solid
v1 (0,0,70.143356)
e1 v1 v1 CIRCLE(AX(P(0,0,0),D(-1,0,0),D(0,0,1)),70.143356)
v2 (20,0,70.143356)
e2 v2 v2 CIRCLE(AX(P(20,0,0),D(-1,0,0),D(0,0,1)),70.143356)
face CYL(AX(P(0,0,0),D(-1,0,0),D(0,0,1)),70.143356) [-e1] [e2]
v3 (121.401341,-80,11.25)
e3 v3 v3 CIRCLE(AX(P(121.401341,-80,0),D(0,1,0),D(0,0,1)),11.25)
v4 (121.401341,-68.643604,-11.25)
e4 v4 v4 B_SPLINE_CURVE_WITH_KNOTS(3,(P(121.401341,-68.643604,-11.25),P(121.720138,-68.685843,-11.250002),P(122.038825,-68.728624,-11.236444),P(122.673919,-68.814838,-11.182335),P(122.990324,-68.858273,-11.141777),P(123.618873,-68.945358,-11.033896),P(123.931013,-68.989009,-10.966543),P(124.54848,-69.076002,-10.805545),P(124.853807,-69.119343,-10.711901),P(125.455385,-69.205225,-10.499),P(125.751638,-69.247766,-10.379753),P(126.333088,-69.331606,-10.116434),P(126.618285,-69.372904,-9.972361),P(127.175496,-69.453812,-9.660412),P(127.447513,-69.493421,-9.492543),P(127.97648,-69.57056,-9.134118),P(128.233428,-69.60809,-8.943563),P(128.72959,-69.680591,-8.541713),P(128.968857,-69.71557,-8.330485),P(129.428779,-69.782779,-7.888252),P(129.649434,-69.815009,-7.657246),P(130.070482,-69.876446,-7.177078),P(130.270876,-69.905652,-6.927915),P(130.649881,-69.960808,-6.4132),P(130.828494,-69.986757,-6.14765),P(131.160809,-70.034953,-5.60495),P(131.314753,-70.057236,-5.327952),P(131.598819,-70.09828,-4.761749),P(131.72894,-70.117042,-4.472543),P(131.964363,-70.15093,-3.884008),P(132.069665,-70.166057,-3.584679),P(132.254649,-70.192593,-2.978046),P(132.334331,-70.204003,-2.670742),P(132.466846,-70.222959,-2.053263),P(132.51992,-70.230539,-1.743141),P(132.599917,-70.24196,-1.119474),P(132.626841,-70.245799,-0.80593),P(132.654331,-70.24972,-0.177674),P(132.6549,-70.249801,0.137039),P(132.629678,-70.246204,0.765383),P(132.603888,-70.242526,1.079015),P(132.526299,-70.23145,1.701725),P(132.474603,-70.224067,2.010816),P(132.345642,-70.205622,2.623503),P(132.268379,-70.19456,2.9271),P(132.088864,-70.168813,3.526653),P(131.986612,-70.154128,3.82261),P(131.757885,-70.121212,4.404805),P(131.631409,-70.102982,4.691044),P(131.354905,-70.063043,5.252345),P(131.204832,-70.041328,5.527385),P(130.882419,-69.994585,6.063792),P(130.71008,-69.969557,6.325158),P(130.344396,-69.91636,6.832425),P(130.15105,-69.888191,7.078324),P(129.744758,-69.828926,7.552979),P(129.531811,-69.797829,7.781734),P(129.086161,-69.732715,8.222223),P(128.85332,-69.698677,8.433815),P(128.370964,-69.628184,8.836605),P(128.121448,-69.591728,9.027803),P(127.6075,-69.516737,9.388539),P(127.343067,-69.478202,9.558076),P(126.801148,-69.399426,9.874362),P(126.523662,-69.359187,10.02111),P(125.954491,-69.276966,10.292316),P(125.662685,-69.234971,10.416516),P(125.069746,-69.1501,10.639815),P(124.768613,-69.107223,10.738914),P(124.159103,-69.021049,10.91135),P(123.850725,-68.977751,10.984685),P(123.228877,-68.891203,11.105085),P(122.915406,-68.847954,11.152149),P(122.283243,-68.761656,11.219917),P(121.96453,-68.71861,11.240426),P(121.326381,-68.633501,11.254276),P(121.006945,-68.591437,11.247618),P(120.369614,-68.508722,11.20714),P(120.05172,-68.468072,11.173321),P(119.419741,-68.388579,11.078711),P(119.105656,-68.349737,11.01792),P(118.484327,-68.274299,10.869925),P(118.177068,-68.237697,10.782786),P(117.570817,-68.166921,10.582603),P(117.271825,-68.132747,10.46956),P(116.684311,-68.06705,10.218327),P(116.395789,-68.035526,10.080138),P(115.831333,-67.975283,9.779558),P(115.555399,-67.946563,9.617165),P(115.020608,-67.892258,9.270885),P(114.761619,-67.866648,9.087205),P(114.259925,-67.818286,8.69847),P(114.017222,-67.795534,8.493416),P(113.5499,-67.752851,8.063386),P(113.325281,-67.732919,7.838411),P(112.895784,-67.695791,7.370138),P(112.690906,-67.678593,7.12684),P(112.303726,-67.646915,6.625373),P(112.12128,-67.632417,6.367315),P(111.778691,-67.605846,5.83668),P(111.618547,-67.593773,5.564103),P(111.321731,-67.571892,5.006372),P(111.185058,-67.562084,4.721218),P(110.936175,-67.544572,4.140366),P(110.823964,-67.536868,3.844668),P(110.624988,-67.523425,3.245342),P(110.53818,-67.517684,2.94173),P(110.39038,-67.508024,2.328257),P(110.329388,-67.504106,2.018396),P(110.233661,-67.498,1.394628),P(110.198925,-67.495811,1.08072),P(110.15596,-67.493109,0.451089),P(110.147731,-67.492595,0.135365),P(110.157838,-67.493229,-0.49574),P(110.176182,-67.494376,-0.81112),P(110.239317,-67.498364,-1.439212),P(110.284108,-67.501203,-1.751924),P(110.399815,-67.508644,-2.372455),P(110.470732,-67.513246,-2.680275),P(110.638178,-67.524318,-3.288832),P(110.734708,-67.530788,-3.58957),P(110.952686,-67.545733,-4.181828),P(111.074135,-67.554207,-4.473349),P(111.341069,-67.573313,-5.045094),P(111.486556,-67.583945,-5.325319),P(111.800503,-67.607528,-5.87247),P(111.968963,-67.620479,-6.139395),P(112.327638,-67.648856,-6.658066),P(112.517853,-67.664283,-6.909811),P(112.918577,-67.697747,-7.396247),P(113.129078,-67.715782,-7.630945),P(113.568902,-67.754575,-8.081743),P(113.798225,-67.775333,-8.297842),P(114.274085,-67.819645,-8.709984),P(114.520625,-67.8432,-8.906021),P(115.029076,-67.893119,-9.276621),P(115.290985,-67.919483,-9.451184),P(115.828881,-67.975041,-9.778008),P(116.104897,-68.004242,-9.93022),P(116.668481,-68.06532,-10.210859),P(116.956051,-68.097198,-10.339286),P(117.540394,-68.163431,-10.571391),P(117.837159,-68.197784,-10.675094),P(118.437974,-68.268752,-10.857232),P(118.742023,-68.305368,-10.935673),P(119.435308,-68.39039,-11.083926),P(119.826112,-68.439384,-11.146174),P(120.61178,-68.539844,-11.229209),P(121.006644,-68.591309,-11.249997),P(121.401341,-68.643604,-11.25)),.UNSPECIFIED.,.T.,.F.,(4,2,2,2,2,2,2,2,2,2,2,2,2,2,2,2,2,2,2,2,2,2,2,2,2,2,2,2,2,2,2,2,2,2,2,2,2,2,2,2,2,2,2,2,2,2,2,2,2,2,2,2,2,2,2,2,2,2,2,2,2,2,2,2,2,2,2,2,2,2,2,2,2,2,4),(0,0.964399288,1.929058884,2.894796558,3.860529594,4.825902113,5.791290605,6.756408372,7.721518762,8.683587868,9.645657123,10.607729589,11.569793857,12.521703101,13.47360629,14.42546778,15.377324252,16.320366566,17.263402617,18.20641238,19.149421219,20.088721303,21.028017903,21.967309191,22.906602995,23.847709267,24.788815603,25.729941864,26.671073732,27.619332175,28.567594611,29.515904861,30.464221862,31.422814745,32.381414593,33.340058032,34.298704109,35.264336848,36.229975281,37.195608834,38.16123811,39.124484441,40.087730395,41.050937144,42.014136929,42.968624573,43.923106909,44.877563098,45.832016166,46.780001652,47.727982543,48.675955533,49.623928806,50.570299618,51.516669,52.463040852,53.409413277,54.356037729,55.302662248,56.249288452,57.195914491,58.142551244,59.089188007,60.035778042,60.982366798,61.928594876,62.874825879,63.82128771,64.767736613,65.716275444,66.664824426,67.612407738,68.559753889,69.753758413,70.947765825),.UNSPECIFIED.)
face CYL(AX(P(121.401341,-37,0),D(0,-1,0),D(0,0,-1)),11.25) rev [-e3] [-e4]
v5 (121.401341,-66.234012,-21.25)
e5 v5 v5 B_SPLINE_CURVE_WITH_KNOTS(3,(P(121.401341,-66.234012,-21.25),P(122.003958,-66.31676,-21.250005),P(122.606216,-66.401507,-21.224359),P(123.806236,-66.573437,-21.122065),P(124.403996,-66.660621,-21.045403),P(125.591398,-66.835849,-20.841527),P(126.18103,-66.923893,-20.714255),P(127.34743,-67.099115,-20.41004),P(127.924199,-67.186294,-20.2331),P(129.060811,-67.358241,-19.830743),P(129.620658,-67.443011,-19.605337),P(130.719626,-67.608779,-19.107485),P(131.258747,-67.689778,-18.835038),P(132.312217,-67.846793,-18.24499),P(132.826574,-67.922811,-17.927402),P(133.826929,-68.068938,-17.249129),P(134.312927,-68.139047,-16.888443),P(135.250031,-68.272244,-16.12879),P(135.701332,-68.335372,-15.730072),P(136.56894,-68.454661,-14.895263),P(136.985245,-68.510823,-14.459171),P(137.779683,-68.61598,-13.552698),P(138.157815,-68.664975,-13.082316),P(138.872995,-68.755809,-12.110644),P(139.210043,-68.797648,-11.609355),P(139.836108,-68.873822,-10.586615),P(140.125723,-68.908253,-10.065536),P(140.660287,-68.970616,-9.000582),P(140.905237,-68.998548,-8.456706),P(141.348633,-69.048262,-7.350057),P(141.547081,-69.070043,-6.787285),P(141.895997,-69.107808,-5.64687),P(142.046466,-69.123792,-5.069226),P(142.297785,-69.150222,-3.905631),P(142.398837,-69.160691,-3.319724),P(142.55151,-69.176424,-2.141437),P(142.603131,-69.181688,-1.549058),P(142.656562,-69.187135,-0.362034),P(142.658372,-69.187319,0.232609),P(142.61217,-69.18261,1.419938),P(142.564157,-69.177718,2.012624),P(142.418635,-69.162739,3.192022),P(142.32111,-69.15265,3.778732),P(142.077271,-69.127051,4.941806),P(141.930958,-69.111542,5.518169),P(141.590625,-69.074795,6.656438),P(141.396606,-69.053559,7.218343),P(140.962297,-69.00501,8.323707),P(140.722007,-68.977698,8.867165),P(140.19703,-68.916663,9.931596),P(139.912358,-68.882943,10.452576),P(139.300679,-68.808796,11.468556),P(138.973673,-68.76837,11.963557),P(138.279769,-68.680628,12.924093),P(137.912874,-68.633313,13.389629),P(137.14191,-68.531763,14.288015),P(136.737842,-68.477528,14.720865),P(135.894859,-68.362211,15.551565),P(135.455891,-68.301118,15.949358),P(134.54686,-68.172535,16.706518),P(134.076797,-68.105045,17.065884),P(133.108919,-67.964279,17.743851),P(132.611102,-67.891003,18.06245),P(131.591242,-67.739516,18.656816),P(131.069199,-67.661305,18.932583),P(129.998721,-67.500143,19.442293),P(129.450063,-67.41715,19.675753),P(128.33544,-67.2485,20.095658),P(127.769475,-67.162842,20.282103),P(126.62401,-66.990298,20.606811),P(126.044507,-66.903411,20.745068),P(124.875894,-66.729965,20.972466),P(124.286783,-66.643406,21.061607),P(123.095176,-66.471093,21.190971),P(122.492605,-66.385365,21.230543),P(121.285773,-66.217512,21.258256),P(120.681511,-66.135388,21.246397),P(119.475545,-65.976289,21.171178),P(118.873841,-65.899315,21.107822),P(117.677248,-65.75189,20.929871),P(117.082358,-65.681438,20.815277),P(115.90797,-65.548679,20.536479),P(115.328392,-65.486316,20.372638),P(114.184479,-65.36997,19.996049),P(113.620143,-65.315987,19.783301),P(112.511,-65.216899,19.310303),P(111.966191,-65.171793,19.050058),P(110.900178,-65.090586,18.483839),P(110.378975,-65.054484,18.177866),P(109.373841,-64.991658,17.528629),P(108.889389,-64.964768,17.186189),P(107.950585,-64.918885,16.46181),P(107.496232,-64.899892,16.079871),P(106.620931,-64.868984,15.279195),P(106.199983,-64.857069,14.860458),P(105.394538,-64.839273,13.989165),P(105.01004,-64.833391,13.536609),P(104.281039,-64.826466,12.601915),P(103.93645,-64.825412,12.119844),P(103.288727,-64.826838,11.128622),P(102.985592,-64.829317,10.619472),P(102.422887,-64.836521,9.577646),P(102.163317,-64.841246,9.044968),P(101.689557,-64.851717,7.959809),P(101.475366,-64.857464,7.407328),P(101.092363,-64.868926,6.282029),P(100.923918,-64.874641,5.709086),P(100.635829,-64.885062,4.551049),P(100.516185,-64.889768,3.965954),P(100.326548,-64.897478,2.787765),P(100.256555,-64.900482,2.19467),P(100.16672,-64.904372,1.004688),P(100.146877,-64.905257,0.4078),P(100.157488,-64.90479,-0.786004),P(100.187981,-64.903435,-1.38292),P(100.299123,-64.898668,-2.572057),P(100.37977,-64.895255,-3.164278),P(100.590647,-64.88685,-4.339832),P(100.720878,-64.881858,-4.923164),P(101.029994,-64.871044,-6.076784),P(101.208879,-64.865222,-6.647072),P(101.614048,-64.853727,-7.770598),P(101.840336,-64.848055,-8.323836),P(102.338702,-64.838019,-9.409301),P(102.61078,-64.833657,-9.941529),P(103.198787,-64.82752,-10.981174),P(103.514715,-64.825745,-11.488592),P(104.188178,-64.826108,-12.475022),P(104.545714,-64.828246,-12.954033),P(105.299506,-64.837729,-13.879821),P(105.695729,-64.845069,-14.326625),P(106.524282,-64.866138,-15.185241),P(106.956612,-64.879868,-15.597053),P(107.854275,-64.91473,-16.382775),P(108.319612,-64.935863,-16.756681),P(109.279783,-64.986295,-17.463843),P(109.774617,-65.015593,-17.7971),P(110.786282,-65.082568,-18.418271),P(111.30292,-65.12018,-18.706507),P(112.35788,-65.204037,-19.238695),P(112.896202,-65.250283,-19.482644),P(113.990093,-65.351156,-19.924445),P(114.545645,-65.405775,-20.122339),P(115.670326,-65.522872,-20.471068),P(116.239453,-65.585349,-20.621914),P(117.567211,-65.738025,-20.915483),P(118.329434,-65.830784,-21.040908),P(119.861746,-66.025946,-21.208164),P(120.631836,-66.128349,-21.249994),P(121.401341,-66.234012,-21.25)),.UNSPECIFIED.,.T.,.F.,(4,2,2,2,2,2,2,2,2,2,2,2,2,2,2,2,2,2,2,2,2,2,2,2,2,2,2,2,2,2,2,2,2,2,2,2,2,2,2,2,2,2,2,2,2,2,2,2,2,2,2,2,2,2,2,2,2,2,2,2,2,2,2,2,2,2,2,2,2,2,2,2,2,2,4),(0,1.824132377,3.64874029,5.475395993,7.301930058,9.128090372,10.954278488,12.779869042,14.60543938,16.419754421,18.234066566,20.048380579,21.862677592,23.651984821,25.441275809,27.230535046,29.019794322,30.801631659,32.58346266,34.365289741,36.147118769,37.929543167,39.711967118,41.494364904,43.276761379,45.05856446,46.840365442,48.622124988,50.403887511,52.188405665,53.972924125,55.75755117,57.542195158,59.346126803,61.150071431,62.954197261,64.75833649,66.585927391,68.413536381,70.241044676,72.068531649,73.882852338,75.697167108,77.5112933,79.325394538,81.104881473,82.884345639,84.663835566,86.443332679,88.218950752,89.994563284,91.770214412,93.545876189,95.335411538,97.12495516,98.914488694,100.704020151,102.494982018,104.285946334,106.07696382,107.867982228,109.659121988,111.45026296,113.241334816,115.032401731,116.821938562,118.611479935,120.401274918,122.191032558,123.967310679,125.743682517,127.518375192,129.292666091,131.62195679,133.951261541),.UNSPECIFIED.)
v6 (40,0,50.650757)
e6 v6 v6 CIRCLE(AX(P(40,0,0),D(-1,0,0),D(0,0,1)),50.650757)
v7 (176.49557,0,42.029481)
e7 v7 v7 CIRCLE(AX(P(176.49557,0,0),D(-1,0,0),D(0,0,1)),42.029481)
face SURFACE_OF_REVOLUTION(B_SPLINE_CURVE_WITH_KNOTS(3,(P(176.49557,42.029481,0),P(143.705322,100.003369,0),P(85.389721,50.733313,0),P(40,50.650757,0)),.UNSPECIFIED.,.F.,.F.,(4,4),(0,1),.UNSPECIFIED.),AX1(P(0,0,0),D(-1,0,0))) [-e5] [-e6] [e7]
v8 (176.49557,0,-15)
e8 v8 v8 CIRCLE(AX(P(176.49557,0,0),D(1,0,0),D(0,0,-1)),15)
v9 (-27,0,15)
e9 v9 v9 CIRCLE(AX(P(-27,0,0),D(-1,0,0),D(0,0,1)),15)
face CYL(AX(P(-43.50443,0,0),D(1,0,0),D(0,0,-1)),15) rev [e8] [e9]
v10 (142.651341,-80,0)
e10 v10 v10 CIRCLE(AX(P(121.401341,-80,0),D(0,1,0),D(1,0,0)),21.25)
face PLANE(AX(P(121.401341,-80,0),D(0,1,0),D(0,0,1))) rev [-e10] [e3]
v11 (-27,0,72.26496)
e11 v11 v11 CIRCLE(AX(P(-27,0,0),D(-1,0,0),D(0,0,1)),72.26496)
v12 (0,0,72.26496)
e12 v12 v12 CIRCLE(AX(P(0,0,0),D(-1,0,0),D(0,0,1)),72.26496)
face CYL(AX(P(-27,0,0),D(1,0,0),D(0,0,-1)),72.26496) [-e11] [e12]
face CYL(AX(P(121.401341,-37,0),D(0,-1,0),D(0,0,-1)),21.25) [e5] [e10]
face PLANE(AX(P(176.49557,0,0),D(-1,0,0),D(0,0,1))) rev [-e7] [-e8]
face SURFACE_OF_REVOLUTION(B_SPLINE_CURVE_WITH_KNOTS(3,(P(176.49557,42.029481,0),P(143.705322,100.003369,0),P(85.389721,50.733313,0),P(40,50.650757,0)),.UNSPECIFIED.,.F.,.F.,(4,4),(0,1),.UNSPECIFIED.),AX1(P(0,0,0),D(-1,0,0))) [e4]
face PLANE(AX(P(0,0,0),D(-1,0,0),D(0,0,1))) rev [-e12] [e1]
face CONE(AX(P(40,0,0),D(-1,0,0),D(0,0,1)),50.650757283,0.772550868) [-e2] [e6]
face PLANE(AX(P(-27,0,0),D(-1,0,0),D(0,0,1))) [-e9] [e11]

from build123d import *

# Parameters (mm, degrees)
EXTRUDE_1_DEPTH      = 33
EXTRUDE_1_DEPTH_BACK = 10
SKETCH_3_R           = 21.25
SKETCH_3_R_2         = 11.25
SKETCH_4_R           = 72.26496
EXTRUDE_1_2_DEPTH    = 27
SKETCH_2_R           = 15
CUT_EXTRUDE_1_DEPTH  = 220


with BuildPart() as part:
    # 草圖1 → 旋轉1 (revolve)
    with BuildSketch(Plane.XY, mode=Mode.PRIVATE) as revolve_1_sk:
        with BuildLine():
            Line((0, 0), (0, 70.143356265))
            Line((0, 70.143356265), (20, 70.143356265))
            Line((20, 70.143356265), (40, 50.650757283))
            add(Edge.make_bspline(
                [(40, 50.650757283), (85.38972146, 50.733312628), (143.705322116, 100.003369352), (176.495570272, 42.029481433)],
                knots=[0, 0, 0, 0, 1, 1, 1, 1], degree=3))
            Line((176.495570272, 42.029481433), (176.495570272, 0))
            Line((176.495570272, 0), (0, 0))
        make_face()
    revolve(revolve_1_sk.sketch.rotate(Axis((0, 0, 0), (1, 0, 0)), 90), axis=Axis((0, 0, 0), (1, 0, 0)))

    # 草圖3 → Extrude 1 (add, two sides: drawn at the far end of the back side and taken through both)
    with BuildSketch(Plane(origin=(0, -70, 0), x_dir=(1, 0, 0), z_dir=(0, 1, 0)).offset(-EXTRUDE_1_DEPTH_BACK)):
        with Locations((121.401340983, 0)):
            Circle(SKETCH_3_R)
        with Locations((121.401340983, 0)):
            Circle(SKETCH_3_R_2, mode=Mode.SUBTRACT)
    extrude(amount=EXTRUDE_1_DEPTH + EXTRUDE_1_DEPTH_BACK)

    # 草圖4 → Extrude 1 2 (add)
    with BuildSketch(Plane.ZY):
        Circle(SKETCH_4_R)
    extrude(amount=EXTRUDE_1_2_DEPTH)

    # 草圖2 → 除料-伸長1 (cut)
    with BuildSketch(Plane(origin=(176.495570272, 0, 0), x_dir=(0, 0, -1), z_dir=(1, 0, 0))):
        Circle(SKETCH_2_R)
    extrude(amount=-CUT_EXTRUDE_1_DEPTH, mode=Mode.SUBTRACT)


solid = part.part
